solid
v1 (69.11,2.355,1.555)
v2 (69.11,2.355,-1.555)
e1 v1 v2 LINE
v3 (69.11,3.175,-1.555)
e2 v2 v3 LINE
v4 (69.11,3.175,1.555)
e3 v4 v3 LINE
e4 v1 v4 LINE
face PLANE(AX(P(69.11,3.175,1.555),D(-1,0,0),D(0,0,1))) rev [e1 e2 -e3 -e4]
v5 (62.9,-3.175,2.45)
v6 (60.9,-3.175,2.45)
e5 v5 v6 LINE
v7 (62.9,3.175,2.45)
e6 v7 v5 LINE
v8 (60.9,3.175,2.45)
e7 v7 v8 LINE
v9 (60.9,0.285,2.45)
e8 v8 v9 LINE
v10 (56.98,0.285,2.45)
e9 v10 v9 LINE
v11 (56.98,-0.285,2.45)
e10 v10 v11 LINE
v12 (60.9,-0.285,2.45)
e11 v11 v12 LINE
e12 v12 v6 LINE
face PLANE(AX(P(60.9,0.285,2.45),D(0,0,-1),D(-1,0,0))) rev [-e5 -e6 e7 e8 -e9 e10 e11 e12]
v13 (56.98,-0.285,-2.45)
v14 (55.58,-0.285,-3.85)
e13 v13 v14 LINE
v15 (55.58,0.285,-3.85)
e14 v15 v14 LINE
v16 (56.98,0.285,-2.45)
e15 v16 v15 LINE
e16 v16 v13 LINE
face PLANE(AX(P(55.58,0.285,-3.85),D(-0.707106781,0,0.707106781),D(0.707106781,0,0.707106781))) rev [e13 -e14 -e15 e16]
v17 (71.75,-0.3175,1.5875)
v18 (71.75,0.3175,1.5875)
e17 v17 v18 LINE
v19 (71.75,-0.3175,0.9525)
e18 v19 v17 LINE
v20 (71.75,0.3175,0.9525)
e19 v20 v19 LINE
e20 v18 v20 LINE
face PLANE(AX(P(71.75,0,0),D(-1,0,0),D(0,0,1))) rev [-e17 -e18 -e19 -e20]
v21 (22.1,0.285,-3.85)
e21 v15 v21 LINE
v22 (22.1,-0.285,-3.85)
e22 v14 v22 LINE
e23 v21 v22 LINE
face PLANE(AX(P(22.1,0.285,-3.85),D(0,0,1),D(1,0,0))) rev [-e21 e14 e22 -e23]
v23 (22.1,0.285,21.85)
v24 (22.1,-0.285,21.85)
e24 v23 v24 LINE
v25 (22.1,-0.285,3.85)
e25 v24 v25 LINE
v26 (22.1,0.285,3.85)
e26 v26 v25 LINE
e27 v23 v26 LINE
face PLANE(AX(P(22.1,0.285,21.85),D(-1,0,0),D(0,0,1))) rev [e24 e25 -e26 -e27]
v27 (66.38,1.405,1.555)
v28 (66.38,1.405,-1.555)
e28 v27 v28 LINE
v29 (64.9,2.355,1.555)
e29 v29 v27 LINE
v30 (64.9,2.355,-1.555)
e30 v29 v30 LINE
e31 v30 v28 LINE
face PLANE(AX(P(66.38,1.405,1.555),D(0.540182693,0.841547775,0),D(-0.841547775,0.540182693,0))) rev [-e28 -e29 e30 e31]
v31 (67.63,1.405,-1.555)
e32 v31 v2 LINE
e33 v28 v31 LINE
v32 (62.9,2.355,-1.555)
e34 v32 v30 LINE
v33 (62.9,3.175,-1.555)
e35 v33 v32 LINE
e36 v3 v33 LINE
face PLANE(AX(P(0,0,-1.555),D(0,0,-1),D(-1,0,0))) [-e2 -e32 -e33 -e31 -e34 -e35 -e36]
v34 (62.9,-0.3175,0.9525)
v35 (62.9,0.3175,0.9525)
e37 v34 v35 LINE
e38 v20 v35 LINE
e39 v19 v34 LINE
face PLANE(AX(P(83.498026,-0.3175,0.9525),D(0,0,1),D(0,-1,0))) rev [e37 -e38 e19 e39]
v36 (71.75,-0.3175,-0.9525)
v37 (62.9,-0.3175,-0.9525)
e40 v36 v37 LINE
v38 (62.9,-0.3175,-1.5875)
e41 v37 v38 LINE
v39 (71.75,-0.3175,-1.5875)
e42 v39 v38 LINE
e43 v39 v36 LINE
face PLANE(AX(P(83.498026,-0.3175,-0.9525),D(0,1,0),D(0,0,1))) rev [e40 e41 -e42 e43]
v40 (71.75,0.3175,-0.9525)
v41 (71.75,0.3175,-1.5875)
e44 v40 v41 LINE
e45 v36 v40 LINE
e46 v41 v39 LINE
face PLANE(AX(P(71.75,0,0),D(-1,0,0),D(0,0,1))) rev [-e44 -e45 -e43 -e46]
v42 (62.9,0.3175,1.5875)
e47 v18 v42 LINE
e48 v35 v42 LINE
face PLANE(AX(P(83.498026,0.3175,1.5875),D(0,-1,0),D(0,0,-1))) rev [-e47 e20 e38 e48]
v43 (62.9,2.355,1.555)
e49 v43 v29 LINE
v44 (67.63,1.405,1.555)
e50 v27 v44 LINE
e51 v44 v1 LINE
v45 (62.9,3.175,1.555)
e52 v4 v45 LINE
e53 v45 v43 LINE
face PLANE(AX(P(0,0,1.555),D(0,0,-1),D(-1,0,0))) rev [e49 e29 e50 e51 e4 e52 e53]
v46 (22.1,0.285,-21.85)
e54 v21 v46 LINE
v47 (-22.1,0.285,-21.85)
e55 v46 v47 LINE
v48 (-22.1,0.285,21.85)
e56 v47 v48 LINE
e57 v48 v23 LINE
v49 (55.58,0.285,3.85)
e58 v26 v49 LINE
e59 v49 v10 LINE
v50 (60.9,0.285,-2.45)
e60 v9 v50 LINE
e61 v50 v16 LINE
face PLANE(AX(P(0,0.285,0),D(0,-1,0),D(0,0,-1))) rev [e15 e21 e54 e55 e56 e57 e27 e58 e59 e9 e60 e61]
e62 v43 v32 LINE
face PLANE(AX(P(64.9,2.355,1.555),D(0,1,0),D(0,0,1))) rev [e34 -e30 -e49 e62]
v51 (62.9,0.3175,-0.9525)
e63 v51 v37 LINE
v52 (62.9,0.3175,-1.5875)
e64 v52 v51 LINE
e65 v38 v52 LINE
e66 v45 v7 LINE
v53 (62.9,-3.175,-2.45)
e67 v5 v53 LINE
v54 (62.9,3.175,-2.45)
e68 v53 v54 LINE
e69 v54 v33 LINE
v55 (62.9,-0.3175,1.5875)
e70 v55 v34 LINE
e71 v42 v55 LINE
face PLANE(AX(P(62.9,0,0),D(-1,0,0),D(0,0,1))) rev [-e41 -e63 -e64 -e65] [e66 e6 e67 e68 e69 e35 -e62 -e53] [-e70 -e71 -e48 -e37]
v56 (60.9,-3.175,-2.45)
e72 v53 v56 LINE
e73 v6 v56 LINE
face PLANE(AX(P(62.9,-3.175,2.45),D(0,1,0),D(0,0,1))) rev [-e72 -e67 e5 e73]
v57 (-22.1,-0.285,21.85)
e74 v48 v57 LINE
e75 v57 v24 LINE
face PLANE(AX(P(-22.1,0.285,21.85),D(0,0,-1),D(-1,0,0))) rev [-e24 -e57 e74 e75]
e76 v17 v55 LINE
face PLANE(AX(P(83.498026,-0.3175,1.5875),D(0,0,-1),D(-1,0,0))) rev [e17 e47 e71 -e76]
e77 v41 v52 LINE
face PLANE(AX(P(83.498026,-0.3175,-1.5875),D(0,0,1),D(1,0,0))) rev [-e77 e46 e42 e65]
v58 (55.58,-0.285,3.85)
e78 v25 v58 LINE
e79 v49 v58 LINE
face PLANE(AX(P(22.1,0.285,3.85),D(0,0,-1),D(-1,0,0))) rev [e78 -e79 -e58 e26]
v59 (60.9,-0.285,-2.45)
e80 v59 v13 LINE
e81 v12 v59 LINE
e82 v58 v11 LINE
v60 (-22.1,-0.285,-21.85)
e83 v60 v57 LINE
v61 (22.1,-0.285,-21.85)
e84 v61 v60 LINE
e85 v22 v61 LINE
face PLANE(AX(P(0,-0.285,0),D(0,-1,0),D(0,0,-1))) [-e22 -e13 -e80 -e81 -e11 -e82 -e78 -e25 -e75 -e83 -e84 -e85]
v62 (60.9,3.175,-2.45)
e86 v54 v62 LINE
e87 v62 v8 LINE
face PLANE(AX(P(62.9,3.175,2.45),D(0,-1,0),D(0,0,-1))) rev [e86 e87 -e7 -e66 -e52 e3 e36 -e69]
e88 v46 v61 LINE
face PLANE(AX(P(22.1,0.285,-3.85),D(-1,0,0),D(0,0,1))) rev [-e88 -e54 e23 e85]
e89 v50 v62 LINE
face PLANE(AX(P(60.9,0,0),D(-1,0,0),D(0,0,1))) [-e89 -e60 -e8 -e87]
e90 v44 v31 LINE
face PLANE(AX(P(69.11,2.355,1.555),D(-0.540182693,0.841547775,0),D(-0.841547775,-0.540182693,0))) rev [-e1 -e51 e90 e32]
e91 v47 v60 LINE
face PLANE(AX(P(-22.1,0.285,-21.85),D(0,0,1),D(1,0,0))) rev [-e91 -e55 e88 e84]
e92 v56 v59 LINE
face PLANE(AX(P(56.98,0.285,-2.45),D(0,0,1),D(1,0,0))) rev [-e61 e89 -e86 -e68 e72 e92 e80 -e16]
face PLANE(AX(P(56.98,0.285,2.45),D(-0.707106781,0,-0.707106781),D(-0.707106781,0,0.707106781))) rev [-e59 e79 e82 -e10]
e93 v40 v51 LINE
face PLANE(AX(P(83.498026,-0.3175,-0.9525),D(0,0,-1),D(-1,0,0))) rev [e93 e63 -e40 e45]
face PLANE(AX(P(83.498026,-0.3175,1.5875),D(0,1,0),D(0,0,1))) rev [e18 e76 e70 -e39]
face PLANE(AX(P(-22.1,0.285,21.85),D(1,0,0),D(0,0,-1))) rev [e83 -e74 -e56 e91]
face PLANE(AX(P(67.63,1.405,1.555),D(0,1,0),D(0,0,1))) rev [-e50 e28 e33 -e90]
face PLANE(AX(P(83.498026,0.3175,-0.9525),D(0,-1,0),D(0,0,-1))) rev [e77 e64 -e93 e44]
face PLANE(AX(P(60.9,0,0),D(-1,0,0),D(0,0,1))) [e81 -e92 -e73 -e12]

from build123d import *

# Parameters (mm, degrees)
BOSS_EXTRUDE1_DEPTH = 0.285
SKETCH2_W           = 4.9
SKETCH2_H           = 6.35
BOSS_EXTRUDE2_DEPTH = 2
BOSS_EXTRUDE3_DEPTH = 1.555
SKETCH4_W           = 0.635
SKETCH4_H           = 0.635
BOSS_EXTRUDE4_DEPTH = 8.85


with BuildPart() as part:
    # Sketch1 → Boss-Extrude1 (new, symmetric)
    with BuildSketch(Plane(origin=(0, 0, 0), x_dir=(1, 0, 0), z_dir=(0, 1, 0))):
        Polygon((22.1, 3.85), (55.58, 3.85), (56.98, 2.45), (60.9, 2.45), (60.9, -2.45), (56.98, -2.45), (55.58, -3.85), (22.1, -3.85), (22.1, -21.85), (-22.1, -21.85), (-22.1, 21.85), (22.1, 21.85), align=None)
    extrude(amount=BOSS_EXTRUDE1_DEPTH, both=True)

    # Sketch2 → Boss-Extrude2 (add)
    with BuildSketch(Plane(origin=(60.9, 0, 0), x_dir=(0, 0, -1), z_dir=(1, 0, 0))):
        Rectangle(SKETCH2_W, SKETCH2_H)
    extrude(amount=BOSS_EXTRUDE2_DEPTH)

    # Sketch3 → Boss-Extrude3 (add, symmetric)
    with BuildSketch(Plane.XY):
        Polygon((62.9, 3.175), (69.11, 3.175), (69.11, 2.355), (67.63, 1.405), (66.38, 1.405), (64.9, 2.355), (62.9, 2.355), align=None)
    extrude(amount=BOSS_EXTRUDE3_DEPTH, both=True)

    # Sketch4 → Boss-Extrude4 (add)
    with BuildSketch(Plane(origin=(62.9, 0, 0), x_dir=(0, 0, -1), z_dir=(1, 0, 0))):
        with Locations((-1.27, 0)):
            Rectangle(SKETCH4_W, SKETCH4_H)
        with Locations((1.27, 0)):
            Rectangle(SKETCH4_W, SKETCH4_H)
    extrude(amount=BOSS_EXTRUDE4_DEPTH)


solid = part.part
